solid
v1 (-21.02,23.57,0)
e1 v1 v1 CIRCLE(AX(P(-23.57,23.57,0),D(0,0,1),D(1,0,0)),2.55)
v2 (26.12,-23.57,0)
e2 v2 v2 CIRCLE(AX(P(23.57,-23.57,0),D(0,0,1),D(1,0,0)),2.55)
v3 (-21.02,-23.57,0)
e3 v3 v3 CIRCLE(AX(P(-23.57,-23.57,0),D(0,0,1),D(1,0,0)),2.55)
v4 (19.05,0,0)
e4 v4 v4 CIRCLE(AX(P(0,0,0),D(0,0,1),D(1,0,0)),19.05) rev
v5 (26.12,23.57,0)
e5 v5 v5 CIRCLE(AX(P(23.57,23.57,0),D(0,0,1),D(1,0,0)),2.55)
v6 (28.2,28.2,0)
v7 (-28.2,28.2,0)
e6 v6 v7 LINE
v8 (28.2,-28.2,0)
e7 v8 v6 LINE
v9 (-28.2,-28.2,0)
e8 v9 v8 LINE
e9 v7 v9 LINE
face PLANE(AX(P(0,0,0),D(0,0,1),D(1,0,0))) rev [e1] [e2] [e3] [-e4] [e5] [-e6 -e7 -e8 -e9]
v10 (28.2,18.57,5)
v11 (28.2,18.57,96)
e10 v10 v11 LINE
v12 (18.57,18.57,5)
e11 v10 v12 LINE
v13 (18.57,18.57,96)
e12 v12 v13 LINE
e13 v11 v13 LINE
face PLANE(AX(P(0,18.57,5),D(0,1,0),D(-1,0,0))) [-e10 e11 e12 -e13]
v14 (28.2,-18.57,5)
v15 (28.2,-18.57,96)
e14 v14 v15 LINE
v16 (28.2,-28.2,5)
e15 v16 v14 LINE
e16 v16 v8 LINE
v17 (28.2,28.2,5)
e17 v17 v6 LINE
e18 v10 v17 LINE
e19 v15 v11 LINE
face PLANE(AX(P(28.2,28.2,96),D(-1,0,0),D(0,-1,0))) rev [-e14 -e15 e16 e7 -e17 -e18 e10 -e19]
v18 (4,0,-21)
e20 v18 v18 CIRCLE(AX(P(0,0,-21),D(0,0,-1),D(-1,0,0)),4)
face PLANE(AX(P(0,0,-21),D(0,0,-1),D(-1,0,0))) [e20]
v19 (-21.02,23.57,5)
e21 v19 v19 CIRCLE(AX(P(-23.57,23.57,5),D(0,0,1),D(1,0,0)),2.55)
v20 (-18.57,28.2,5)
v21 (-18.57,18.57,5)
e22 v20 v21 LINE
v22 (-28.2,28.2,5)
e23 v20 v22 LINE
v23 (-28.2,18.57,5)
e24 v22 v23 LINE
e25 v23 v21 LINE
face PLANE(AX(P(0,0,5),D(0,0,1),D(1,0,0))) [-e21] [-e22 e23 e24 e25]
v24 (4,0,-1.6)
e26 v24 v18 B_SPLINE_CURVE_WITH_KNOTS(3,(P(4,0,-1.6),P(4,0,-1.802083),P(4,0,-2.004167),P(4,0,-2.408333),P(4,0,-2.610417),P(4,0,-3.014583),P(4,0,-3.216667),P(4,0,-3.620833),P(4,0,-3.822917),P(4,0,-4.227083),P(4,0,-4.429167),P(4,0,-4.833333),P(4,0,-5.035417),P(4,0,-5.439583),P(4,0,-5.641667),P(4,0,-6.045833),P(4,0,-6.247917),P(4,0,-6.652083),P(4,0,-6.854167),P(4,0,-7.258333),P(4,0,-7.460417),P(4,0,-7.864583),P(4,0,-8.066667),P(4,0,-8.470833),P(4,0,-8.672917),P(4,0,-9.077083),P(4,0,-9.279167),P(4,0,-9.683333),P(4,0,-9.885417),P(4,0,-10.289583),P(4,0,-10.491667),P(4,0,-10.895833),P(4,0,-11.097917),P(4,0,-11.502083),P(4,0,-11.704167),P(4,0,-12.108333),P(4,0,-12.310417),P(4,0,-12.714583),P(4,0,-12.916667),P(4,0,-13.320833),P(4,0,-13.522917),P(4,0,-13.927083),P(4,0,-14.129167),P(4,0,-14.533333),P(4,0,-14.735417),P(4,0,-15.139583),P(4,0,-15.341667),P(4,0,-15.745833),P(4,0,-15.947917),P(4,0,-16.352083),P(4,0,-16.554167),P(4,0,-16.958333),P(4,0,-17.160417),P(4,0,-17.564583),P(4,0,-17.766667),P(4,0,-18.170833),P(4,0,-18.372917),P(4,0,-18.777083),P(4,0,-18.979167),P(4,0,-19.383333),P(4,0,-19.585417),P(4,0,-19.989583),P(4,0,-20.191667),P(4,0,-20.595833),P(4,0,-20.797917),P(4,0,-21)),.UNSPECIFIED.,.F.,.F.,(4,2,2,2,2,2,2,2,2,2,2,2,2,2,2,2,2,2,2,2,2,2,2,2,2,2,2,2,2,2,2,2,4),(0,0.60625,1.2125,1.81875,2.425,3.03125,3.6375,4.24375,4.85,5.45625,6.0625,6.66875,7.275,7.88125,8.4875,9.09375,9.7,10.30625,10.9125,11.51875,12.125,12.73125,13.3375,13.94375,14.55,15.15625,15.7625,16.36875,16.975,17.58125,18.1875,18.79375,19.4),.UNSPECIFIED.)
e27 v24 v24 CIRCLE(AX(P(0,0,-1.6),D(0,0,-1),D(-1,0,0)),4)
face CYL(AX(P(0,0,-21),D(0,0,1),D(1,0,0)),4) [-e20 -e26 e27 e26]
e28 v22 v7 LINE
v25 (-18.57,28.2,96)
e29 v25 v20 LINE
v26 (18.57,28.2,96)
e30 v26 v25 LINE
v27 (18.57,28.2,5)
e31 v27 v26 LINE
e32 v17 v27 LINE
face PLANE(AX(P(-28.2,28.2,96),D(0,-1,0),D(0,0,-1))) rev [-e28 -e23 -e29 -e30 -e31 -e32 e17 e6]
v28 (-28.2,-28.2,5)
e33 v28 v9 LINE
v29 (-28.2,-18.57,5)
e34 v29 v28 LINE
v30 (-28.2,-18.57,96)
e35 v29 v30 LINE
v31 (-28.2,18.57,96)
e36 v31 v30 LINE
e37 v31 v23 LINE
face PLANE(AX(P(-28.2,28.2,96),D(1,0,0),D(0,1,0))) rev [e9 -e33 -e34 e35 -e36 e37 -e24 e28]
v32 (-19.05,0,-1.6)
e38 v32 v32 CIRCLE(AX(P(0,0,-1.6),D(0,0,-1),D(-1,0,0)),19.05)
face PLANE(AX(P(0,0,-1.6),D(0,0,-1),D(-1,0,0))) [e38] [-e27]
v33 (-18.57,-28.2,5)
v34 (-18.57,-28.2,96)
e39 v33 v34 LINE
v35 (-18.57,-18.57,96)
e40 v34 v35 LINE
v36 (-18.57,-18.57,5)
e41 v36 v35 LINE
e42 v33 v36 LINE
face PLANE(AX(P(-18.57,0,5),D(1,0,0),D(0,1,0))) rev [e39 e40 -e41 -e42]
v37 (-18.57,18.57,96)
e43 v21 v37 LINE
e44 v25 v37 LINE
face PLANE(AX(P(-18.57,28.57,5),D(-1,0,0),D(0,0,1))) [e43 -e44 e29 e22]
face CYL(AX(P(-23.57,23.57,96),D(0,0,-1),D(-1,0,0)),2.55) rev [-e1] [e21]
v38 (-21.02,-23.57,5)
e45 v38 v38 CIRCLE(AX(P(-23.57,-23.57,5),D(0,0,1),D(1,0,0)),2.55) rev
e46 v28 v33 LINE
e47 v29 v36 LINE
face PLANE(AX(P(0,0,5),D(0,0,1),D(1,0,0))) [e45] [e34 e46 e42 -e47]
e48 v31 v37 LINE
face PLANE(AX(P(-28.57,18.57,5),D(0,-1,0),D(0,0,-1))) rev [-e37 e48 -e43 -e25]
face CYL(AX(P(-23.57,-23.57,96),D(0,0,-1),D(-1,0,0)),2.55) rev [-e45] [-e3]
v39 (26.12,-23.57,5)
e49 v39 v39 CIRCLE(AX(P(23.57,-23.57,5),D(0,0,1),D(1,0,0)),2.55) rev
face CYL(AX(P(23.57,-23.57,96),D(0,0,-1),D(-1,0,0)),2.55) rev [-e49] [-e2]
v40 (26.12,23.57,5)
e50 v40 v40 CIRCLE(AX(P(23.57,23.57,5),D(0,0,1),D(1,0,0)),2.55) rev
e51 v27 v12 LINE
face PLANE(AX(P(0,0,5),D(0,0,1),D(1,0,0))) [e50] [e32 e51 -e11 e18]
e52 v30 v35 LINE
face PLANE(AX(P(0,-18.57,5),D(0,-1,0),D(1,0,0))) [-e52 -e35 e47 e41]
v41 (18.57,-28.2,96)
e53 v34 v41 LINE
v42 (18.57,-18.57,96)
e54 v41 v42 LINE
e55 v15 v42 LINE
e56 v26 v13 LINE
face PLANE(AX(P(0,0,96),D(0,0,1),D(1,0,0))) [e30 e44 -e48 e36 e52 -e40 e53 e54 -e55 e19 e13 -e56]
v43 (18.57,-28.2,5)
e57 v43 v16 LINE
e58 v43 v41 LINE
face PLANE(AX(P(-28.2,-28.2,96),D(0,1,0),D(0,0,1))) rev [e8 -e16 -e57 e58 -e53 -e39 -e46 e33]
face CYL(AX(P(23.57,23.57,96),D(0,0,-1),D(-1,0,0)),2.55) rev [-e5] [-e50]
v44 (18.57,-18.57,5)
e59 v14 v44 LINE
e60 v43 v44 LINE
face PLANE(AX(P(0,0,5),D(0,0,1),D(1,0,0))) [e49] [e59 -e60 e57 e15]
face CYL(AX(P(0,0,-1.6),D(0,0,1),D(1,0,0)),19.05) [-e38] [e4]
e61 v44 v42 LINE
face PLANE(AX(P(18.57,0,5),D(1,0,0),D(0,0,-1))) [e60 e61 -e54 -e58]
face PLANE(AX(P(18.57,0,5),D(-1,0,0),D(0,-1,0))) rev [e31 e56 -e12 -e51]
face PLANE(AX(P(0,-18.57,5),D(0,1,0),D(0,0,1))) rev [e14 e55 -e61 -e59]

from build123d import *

# Parameters (mm, degrees)
SKETCH_1_W          = 56.4
SKETCH_1_H          = 56.4
SKETCH_1_R          = 2.55
EXTRUDE_1_DEPTH     = 96
CUT_EXTRUDE_START   = -91
SKETCH_2_W          = 9.63
SKETCH_2_H          = 9.63
SKETCH_2_R          = 2.55
SKETCH_2_W_2        = 10
SKETCH_2_H_2        = 10
CUT_EXTRUDE_1_DEPTH = 91
SKETCH_3_R          = 4
EXTRUDE_2_DEPTH     = 21
SKETCH_4_R          = 19.05
EXTRUDE_3_DEPTH     = 1.6


with BuildPart() as part:
    # 草图1 → 凸台-拉伸1 (new body)
    with BuildSketch(Plane.XY):
        Rectangle(SKETCH_1_W, SKETCH_1_H)
        with Locations((23.57, 23.57)):
            Circle(SKETCH_1_R, mode=Mode.SUBTRACT)
        with Locations((23.57, -23.57)):
            Circle(SKETCH_1_R, mode=Mode.SUBTRACT)
        with Locations((-23.57, -23.57)):
            Circle(SKETCH_1_R, mode=Mode.SUBTRACT)
        with Locations((-23.57, 23.57)):
            Circle(SKETCH_1_R, mode=Mode.SUBTRACT)
    extrude(amount=EXTRUDE_1_DEPTH)

    # 草图2 → 切除-拉伸1 (cut)
    # profile 1 of 4: a face of its own
    with BuildSketch(Plane.XY.offset(96).offset(CUT_EXTRUDE_START)):
        with Locations((-23.385, -23.385)):
            Rectangle(SKETCH_2_W, SKETCH_2_H)
        with Locations((-23.57, -23.57)):
            Circle(SKETCH_2_R, mode=Mode.SUBTRACT)
    # profile 2 of 4: a face of its own
    with BuildSketch(Plane.XY.offset(96).offset(CUT_EXTRUDE_START)):
        with Locations((23.385, -23.385)):
            Rectangle(SKETCH_2_W, SKETCH_2_H)
        with Locations((23.57, -23.57)):
            Circle(SKETCH_2_R, mode=Mode.SUBTRACT)
    # profile 3 of 4: a face of its own
    with BuildSketch(Plane.XY.offset(96).offset(CUT_EXTRUDE_START)):
        with Locations((23.385, 23.385)):
            Rectangle(SKETCH_2_W, SKETCH_2_H)
        with Locations((23.57, 23.57)):
            Circle(SKETCH_2_R, mode=Mode.SUBTRACT)
    # profile 4 of 4: a face of its own
    with BuildSketch(Plane.XY.offset(96).offset(CUT_EXTRUDE_START)):
        with Locations((-23.57, 23.57)):
            Rectangle(SKETCH_2_W_2, SKETCH_2_H_2)
    extrude(amount=CUT_EXTRUDE_1_DEPTH, mode=Mode.SUBTRACT)

    # 草图3 → 凸台-拉伸2 (add)
    with BuildSketch(Plane(origin=(0, 0, 0), x_dir=(-1, 0, 0), z_dir=(0, 0, -1))):
        with Locations(Location((0, 0, 0), (0, 0, 180))):
            Circle(SKETCH_3_R)
    extrude(amount=EXTRUDE_2_DEPTH)

    # 草图4 → 凸台-拉伸3 (add)
    with BuildSketch(Plane(origin=(0, 0, 0), x_dir=(-1, 0, 0), z_dir=(0, 0, -1))):
        with Locations(Location((0, 0, 0), (0, 0, 180))):
            Circle(SKETCH_4_R)
    extrude(amount=EXTRUDE_3_DEPTH)


solid = part.part
